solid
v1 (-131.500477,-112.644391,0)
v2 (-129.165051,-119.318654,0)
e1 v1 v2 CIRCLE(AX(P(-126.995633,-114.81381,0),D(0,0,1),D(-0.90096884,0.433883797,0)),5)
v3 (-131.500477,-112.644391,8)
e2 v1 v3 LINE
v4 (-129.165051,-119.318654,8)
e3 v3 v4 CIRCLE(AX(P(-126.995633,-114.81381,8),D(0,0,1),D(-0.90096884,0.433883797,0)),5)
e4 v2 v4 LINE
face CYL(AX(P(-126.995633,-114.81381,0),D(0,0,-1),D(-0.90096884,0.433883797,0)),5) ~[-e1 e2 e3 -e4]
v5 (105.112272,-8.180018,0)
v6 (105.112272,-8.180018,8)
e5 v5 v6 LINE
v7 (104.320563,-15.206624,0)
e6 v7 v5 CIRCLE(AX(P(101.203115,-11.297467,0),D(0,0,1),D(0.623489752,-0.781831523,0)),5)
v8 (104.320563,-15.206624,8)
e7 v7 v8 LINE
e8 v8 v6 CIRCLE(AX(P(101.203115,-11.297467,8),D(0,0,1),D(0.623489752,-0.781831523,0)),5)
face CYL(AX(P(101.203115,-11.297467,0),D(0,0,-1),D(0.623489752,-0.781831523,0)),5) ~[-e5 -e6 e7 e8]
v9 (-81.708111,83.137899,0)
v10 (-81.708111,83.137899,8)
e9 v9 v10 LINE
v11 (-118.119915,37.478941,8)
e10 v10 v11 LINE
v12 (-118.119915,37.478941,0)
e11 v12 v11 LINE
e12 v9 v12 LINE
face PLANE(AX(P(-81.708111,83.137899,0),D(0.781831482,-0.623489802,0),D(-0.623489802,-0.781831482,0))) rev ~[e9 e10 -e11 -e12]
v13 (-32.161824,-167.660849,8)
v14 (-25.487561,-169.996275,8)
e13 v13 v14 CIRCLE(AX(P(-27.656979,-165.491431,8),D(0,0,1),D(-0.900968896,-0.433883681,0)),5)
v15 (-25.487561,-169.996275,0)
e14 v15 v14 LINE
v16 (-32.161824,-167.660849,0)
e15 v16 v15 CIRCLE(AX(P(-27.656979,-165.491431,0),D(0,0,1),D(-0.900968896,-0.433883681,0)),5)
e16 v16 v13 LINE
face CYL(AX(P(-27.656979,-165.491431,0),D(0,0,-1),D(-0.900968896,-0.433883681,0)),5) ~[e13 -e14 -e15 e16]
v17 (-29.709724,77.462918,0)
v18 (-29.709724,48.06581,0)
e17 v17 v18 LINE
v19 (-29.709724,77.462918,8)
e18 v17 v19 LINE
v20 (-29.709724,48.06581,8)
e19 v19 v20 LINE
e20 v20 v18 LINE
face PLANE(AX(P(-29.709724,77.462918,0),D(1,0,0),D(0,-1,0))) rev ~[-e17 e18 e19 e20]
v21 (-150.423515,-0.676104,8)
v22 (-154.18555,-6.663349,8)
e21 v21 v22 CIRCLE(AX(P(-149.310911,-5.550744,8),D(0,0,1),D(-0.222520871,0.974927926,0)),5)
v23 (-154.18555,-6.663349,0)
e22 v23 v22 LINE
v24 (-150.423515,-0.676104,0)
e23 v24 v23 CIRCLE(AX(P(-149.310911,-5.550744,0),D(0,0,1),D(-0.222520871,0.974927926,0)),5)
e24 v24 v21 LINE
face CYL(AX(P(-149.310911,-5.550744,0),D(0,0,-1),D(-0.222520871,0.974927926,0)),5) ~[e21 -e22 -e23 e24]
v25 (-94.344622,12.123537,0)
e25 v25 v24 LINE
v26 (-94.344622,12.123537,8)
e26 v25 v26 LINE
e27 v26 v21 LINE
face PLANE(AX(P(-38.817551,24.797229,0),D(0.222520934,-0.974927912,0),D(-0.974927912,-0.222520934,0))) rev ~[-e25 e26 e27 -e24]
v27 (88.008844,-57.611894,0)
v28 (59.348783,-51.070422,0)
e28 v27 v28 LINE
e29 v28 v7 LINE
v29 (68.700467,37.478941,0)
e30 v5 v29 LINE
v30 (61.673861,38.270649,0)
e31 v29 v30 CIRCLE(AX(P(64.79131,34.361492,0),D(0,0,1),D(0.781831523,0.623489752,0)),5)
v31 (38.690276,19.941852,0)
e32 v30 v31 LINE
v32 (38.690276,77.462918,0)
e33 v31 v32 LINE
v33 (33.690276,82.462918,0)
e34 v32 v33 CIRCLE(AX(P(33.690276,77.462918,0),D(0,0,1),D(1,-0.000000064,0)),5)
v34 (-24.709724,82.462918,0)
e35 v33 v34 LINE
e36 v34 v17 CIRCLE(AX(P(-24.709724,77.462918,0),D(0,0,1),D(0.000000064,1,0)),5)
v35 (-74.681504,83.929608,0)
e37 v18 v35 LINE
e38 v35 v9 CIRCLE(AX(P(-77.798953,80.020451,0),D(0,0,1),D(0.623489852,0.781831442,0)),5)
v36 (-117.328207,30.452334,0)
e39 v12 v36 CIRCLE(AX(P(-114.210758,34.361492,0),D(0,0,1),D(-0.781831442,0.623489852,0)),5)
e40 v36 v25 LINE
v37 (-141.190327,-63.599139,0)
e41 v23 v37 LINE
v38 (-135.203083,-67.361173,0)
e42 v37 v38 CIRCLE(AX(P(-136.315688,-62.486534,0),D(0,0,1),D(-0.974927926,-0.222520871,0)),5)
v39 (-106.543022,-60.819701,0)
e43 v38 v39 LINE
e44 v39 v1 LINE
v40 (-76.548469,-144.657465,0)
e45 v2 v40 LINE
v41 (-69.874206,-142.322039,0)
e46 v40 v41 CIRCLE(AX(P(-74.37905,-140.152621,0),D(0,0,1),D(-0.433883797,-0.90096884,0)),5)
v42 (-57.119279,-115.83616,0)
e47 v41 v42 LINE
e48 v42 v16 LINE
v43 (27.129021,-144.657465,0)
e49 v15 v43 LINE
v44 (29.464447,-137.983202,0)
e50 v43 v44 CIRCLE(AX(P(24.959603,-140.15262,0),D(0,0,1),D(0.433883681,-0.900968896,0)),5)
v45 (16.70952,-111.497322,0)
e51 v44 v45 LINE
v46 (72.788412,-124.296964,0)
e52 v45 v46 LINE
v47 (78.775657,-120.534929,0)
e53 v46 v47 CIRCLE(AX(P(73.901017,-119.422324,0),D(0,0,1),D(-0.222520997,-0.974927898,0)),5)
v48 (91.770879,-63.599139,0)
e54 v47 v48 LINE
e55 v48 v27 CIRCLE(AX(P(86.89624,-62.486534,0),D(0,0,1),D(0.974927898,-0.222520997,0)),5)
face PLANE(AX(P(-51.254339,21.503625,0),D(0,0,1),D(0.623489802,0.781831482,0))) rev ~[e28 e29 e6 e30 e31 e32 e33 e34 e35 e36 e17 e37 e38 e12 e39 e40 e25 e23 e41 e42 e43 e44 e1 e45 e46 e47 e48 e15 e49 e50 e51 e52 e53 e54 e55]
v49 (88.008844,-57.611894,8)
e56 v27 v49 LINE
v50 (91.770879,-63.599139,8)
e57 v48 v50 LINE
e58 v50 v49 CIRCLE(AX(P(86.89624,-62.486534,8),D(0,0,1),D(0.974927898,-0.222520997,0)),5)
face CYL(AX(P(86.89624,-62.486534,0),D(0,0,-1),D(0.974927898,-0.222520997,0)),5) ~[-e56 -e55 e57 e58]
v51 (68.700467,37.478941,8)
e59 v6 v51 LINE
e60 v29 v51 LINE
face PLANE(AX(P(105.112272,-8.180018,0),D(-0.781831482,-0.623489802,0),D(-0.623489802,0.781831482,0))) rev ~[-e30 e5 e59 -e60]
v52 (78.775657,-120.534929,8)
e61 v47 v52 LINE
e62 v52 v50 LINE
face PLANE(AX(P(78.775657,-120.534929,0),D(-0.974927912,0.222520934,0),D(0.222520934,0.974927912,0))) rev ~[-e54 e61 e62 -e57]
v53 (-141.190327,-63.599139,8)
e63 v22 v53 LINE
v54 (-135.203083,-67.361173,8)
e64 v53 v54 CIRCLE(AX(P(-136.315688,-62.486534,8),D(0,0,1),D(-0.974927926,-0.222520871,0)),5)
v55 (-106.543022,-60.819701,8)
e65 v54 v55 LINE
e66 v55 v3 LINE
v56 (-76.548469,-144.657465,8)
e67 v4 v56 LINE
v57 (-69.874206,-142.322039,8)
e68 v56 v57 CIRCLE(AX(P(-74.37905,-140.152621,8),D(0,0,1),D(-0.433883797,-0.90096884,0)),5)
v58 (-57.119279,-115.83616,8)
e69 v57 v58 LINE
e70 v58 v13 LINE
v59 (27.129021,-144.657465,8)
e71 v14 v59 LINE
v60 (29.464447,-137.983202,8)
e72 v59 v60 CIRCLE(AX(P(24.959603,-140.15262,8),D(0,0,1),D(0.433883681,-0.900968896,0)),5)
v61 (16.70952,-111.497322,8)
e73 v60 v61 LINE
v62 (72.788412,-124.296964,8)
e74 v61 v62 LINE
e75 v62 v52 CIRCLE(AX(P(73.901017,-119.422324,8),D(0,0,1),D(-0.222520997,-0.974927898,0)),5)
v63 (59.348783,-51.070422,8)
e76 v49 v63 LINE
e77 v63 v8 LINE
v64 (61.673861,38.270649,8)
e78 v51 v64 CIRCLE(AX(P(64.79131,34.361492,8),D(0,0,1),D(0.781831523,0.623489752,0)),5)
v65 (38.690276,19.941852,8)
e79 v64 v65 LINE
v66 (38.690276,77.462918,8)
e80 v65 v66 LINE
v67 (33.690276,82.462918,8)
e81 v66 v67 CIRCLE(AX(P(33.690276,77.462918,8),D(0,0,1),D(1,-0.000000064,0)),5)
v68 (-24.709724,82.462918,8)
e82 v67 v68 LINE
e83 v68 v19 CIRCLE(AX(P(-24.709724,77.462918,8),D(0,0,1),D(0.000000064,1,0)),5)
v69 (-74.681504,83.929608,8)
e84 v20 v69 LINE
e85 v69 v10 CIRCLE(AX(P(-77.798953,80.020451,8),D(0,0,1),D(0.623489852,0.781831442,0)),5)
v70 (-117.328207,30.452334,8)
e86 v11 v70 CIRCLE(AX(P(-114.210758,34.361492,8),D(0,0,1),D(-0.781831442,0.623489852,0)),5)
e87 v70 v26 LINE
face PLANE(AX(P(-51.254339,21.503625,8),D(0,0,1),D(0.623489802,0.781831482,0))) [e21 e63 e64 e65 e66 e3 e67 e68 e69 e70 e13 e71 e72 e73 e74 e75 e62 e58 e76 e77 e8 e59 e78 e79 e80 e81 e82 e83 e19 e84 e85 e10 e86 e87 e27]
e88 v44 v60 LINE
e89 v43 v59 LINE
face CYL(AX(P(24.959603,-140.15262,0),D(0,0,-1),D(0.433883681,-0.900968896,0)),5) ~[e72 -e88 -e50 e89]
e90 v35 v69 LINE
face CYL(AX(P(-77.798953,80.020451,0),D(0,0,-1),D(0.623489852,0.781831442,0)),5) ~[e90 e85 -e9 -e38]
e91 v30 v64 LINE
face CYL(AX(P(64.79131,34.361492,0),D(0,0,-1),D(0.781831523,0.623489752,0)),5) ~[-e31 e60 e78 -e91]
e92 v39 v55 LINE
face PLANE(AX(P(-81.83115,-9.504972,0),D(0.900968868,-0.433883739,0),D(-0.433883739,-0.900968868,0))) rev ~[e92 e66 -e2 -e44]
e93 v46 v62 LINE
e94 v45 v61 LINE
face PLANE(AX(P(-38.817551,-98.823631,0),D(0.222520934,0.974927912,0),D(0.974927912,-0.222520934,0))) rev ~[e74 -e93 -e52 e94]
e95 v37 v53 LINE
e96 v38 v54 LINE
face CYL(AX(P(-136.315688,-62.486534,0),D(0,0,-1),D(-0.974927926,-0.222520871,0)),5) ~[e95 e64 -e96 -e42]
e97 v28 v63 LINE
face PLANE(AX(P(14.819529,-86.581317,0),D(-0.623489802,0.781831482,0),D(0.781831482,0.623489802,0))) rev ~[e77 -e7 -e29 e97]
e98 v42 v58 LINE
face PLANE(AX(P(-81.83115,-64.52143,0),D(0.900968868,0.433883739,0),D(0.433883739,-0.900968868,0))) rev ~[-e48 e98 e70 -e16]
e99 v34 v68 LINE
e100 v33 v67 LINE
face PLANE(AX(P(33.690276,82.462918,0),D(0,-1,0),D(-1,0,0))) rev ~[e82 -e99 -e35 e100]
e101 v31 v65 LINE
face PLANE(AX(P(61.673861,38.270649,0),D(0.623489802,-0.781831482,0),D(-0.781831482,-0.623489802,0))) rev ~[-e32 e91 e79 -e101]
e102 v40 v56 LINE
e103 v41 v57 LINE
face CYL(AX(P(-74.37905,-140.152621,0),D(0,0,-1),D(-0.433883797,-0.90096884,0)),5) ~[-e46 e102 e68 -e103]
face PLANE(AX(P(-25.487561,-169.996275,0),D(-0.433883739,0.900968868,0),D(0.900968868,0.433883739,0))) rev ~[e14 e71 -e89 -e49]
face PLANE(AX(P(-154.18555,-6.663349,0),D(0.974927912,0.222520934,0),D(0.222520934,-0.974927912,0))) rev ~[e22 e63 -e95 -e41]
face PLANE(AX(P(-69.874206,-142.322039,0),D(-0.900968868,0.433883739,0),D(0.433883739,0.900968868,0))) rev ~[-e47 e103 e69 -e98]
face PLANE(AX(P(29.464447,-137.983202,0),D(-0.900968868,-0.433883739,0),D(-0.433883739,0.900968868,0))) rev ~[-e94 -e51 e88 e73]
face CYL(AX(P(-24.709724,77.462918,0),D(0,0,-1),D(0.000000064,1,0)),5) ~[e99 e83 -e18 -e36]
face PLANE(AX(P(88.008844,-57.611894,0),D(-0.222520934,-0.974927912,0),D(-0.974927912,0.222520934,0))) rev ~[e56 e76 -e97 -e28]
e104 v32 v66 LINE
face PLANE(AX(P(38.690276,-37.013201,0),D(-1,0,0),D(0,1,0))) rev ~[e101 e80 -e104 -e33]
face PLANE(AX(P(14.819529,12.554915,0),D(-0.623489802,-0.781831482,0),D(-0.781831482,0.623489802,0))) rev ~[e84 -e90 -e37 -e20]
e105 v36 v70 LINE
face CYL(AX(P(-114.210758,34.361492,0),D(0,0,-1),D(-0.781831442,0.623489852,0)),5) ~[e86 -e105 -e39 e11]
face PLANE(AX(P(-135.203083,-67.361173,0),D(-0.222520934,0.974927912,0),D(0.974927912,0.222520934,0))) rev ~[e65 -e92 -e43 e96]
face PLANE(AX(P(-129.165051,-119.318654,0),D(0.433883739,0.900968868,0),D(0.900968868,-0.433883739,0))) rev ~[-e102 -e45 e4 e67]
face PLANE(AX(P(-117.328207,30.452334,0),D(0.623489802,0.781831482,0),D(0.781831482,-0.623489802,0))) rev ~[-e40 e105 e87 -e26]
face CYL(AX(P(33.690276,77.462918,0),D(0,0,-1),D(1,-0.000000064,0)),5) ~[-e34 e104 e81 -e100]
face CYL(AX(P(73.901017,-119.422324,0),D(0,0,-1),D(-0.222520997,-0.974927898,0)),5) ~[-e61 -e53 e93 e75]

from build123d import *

# Parameters (mm, degrees)
F1_DEPTH = 8
F2_COUNT = 7


with BuildPart() as f1:
    # F0 (on Top) → F1 (new body)
    with BuildSketch(Plane.XY):
        with BuildLine():
            Line((33.690276, 82.462918), (-24.709724, 82.462918))
            ThreePointArc((-24.709724, 82.462918), (-28.245258, 80.998452), (-29.709724, 77.462918))
            Line((-29.709724, 77.462918), (-29.709724, -37.013201))
            ThreePointArc((-29.709724, -37.013201), (-28.245258, -40.548735), (-24.709724, -42.013201))
            Line((-24.709724, -42.013201), (33.690276, -42.013201))
            ThreePointArc((33.690276, -42.013201), (37.22581, -40.548735), (38.690276, -37.013201))
            Line((38.690276, -37.013201), (38.690276, 77.462918))
            ThreePointArc((38.690276, 77.462918), (37.22581, 80.998452), (33.690276, 82.462918))
        make_face()
    extrude(amount=F1_DEPTH)

    # F2: F1 ×7 about axis
    f2_axis = Axis((-24.709724, -37.013201, 0), (0, 0, -1))


with BuildPart() as f1_1:
    add(f1.part)
    for i in range(1, F2_COUNT):
        add(f1.part.rotate(f2_axis, i * 360 / F2_COUNT))


solid = f1_1.part
